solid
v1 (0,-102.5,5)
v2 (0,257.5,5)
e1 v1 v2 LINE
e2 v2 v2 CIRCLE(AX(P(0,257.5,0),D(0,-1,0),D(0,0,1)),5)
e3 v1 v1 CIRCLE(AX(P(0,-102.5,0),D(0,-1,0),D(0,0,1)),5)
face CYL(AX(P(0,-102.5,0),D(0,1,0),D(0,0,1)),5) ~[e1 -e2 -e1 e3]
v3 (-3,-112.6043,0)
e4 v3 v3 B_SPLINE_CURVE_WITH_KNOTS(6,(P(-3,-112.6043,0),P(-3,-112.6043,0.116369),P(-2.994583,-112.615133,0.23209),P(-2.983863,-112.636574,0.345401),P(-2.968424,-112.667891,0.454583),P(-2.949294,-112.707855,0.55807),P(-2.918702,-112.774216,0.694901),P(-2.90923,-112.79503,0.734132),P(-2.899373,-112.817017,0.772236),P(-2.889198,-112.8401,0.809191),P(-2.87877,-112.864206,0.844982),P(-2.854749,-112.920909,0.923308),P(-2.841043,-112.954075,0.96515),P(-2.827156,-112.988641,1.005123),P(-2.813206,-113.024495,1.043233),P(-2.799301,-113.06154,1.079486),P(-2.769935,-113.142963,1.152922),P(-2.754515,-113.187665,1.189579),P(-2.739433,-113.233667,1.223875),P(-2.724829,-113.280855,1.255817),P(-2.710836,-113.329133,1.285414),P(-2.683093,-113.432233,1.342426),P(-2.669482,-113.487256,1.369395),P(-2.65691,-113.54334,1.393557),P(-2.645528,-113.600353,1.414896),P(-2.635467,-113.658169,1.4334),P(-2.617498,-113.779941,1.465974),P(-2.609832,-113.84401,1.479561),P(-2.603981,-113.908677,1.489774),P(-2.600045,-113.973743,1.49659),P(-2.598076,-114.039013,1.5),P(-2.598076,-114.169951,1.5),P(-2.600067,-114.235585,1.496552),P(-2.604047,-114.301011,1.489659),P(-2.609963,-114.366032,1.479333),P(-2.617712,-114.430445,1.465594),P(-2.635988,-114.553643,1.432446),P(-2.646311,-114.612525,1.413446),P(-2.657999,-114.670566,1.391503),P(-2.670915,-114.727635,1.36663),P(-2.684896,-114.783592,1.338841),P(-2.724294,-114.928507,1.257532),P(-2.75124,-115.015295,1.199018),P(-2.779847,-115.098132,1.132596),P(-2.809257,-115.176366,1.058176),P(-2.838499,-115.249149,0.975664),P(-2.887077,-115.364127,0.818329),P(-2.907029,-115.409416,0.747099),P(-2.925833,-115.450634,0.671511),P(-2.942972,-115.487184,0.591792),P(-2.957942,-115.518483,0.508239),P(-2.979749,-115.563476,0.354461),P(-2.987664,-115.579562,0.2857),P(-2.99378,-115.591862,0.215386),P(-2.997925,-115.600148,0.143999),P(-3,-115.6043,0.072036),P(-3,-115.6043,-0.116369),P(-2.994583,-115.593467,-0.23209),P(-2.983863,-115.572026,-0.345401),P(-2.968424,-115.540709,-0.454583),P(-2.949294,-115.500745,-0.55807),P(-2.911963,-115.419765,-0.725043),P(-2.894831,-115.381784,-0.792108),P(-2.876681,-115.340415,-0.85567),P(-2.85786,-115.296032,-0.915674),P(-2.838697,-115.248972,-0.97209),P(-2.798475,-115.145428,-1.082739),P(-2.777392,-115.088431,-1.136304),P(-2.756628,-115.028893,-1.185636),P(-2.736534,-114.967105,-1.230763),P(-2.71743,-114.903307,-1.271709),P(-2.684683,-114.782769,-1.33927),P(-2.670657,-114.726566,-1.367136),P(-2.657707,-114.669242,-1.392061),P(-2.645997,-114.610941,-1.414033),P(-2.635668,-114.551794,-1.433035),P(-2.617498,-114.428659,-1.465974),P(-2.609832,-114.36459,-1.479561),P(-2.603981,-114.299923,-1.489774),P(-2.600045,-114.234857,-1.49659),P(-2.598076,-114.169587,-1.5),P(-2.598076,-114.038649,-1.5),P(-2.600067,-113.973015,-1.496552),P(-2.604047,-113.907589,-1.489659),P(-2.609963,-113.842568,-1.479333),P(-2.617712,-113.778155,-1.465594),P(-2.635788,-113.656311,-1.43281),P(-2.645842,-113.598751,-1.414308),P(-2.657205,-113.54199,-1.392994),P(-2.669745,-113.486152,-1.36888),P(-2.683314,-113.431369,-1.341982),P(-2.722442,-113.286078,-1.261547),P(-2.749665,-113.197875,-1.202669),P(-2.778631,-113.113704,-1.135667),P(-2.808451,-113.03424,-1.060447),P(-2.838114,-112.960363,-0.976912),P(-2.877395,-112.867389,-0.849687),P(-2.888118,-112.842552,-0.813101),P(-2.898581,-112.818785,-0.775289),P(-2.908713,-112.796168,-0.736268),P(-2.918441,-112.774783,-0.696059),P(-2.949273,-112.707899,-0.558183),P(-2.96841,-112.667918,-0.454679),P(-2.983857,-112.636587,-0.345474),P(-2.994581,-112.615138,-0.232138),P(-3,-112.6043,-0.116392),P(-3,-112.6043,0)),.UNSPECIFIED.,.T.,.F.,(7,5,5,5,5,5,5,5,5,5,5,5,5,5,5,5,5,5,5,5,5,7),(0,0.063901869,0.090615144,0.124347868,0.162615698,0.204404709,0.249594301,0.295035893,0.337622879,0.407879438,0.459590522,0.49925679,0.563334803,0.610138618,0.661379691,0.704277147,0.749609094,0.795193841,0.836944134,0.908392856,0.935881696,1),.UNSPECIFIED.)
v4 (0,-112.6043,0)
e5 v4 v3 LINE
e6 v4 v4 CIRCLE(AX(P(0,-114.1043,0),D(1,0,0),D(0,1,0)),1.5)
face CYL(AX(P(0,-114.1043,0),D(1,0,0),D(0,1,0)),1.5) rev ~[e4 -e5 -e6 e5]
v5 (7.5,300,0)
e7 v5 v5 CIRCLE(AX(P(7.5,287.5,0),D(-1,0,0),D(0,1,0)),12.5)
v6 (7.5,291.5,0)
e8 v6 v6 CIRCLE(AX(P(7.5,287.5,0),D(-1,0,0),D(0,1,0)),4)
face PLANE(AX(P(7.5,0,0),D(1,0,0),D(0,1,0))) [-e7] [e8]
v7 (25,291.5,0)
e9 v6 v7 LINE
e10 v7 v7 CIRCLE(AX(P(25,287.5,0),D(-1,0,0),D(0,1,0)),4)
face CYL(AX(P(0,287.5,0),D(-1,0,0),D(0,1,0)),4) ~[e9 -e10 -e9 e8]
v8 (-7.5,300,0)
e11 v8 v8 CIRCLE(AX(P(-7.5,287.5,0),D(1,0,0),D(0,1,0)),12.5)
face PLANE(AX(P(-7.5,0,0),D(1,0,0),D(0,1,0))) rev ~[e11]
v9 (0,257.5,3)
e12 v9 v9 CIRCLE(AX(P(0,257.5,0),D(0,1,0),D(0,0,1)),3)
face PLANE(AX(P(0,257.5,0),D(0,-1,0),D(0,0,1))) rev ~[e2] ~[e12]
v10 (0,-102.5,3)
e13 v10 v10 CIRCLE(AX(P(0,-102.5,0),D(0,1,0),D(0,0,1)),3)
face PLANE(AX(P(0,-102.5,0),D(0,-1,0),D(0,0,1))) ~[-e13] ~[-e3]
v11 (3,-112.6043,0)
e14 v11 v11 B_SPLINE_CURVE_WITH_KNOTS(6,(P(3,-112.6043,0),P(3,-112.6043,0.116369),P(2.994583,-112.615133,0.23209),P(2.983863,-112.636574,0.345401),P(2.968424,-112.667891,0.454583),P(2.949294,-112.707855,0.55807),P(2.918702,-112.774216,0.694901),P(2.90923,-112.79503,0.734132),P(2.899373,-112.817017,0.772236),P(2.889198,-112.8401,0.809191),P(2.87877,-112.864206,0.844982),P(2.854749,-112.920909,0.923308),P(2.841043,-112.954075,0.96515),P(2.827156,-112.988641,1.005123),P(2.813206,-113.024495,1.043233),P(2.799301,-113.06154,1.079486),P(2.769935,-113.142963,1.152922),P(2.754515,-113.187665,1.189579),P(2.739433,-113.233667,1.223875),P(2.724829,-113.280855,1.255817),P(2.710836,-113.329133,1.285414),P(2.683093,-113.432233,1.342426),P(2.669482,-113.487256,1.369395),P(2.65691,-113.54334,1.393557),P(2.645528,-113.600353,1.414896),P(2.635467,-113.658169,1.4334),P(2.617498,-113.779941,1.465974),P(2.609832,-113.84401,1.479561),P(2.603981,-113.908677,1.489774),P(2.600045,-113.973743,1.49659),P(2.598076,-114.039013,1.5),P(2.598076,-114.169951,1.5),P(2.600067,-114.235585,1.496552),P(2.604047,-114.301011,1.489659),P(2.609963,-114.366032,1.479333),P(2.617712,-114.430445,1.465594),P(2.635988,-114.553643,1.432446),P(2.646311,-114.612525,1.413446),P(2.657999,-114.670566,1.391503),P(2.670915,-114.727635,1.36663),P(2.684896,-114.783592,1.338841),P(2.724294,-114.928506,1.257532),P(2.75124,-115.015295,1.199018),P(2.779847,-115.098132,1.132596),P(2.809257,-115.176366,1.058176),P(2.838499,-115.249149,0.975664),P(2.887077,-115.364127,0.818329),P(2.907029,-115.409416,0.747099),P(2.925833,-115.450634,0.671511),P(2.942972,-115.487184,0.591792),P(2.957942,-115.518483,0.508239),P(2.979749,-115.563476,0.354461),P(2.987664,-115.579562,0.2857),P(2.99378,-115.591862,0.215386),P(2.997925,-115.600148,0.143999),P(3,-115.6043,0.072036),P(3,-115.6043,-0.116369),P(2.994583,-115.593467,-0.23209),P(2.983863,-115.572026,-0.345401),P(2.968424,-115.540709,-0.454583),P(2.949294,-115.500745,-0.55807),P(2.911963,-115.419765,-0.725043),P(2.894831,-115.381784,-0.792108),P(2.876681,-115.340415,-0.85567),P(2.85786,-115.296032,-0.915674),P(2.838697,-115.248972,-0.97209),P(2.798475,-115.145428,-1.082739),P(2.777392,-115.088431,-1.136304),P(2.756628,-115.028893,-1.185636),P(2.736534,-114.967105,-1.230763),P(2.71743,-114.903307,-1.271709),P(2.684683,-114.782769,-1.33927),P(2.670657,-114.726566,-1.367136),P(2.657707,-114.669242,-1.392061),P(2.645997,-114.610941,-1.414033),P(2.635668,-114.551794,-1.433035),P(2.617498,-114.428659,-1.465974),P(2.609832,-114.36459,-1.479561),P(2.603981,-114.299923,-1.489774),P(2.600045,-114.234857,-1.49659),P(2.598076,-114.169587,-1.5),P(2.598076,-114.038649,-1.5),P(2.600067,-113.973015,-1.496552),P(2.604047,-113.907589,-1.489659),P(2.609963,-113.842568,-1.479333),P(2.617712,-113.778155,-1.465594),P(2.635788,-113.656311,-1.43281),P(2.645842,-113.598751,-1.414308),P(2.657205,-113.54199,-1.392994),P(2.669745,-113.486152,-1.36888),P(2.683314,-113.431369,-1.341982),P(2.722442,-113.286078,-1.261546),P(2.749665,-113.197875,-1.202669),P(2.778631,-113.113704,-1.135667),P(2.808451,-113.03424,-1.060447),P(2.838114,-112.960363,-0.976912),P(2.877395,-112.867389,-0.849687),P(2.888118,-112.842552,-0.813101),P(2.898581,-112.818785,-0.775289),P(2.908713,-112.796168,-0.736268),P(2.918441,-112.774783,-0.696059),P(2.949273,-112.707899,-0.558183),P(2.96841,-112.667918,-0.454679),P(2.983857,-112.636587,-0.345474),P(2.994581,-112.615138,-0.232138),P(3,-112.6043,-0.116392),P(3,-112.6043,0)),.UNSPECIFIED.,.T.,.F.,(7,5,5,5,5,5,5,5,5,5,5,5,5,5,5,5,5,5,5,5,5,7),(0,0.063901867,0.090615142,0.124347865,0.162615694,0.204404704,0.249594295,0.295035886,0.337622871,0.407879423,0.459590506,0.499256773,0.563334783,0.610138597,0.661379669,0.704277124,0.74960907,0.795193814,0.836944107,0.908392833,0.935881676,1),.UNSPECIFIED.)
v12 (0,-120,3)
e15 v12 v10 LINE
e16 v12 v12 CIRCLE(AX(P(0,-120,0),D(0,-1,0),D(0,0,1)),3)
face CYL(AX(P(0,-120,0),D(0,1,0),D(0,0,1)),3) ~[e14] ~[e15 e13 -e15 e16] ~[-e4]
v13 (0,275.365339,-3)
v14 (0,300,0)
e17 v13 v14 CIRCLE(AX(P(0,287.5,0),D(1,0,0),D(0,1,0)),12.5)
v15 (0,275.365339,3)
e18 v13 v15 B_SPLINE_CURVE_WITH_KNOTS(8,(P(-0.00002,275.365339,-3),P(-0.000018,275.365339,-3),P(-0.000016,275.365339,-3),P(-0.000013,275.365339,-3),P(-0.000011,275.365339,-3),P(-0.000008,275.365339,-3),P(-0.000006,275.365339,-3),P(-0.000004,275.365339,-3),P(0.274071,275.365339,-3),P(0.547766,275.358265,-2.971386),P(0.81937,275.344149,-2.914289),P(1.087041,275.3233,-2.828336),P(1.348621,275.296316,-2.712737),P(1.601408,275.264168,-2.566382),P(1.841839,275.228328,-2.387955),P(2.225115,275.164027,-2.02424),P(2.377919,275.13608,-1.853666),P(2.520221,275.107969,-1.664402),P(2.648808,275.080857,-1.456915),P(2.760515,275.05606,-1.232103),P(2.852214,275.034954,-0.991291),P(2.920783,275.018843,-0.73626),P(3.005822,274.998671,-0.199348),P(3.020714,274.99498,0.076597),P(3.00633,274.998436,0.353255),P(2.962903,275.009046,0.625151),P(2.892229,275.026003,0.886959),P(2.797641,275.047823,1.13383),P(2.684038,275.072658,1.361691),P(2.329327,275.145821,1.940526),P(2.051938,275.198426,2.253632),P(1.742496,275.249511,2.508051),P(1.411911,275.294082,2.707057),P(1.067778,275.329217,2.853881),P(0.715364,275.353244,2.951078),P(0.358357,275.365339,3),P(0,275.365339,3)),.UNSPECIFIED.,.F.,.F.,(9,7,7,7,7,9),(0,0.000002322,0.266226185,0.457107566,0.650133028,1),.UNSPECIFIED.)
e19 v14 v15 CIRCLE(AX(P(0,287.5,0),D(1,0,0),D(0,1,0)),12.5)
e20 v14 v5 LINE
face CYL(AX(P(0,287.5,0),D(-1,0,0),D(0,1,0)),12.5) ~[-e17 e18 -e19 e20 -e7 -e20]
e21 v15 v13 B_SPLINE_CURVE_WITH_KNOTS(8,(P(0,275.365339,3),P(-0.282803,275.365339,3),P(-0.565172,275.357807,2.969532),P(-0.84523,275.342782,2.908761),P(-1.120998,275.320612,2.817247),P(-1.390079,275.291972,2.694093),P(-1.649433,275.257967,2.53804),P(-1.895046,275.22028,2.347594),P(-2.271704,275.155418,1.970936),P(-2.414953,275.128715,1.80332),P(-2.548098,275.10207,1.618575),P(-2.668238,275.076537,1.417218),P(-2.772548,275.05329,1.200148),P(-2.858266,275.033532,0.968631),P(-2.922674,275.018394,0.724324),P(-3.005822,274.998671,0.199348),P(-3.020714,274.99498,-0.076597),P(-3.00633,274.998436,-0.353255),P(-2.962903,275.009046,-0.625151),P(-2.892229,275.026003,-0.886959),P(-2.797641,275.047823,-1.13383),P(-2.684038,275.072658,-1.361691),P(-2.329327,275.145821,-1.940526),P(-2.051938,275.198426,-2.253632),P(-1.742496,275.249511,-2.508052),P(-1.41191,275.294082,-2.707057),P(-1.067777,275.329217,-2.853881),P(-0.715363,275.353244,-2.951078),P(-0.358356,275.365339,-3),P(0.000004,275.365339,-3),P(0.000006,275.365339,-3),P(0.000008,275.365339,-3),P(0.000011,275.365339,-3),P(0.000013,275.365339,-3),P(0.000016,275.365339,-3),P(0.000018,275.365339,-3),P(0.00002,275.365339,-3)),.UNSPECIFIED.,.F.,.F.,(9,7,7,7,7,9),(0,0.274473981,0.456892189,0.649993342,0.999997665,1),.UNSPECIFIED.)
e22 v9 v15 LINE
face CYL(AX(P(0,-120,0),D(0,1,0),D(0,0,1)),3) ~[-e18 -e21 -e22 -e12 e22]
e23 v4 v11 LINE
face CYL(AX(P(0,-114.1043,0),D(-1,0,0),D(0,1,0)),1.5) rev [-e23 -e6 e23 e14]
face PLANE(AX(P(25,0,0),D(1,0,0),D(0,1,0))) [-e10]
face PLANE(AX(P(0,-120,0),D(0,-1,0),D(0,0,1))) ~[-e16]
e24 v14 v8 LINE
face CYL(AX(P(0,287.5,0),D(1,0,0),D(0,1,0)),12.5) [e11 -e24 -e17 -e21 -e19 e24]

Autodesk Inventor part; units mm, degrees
ref_plane "YZ Plane" through (0, 0, 0) normal (1, 0, 0) x (0, 1, 0)
ref_plane "XZ Plane" through (0, 0, 0) normal (0, 1, 0) x (-1, 0, 0)
ref_plane "XY Plane" through (0, 0, 0) normal (0, 0, 1) x (1, 0, 0)
sketch "Sketch1" plane through (0, 0, 0) normal (1, 0, 0) x (0, 1, 0)
  line L0 (300, 0) -> (-300, 0)
  circle A0 centre (287.5, 0) radius 12.5
  circle A1 centre (287.5, 0) radius 4
  line L1 (287.5, 0) -> (-120, 0)
  line L2 (-120, 0) -> (-120, 3)
  line L3 (-120, 3) -> (287.5, 3)
  line L4 (287.5, 3) -> (287.5, 0)
  line L5 (257.5, 0) -> (-102.5, 0)
  line L6 (-102.5, 0) -> (-102.5, 5)
  line L7 (-102.5, 5) -> (257.5, 5)
  line L8 (257.5, 5) -> (257.5, 0)
  point P0 (0, 0)
  point P1 (-120, 0)
  point P2 (283.5, 0)
  point P3 (284.8542, 3)
  point P4 (-102.5, 0)
  point P5 (257.5, 0)
  dimension "d0" = 600
  dimension "d1" = 25
  dimension "d2" = 12.5
  dimension "d3" = 8
  dimension "d4" = 3
  dimension "d12" = 360
  dimension "d13" = 5
  dimension "d16" = 30
revolve "Revolution1" add sketch "Sketch1" angle 360 about axis through (0, 300, 0) along (0, -1, 0) picked at (277.9311, 1.2871) contours L3 A1 L0 A0 | A0 L0 L8 L3 | L8 L0 L6 L3 | L6 L0 L2 L3
extrude "Extrusion2" add sketch "Sketch1" along normal blind 25 contours A1 L0 | L0 L4 L3 A1 | L0 A1 L3 L4
extrude "Extrusion3" add sketch "Sketch1" along normal mid plane 15 contours A0 L0 A1 | L0 A1 L3 A0 | A1 L0 | L0 L4 L3 A1 | L3 A1 L0 A0 | L0 A1 L3 L4
revolve "Revolution2" add sketch "Sketch1" angle 360 about axis through (0, 287.5, 0) along (0, -1, 0) contours L8 L0 L6 L3 | L3 L6 L7 L8
sketch "Sketch2" plane through (0, 0, 0) normal (1, 0, 0) x (0, 1, 0)
  circle A0 centre (-114.1043, 0) radius 1.5
  point P0 (0, 0)
  dimension "d17" = 3
extrude "Extrusion4" cut sketch "Sketch2" along normal mid plane 15
properties part number "tierod"
